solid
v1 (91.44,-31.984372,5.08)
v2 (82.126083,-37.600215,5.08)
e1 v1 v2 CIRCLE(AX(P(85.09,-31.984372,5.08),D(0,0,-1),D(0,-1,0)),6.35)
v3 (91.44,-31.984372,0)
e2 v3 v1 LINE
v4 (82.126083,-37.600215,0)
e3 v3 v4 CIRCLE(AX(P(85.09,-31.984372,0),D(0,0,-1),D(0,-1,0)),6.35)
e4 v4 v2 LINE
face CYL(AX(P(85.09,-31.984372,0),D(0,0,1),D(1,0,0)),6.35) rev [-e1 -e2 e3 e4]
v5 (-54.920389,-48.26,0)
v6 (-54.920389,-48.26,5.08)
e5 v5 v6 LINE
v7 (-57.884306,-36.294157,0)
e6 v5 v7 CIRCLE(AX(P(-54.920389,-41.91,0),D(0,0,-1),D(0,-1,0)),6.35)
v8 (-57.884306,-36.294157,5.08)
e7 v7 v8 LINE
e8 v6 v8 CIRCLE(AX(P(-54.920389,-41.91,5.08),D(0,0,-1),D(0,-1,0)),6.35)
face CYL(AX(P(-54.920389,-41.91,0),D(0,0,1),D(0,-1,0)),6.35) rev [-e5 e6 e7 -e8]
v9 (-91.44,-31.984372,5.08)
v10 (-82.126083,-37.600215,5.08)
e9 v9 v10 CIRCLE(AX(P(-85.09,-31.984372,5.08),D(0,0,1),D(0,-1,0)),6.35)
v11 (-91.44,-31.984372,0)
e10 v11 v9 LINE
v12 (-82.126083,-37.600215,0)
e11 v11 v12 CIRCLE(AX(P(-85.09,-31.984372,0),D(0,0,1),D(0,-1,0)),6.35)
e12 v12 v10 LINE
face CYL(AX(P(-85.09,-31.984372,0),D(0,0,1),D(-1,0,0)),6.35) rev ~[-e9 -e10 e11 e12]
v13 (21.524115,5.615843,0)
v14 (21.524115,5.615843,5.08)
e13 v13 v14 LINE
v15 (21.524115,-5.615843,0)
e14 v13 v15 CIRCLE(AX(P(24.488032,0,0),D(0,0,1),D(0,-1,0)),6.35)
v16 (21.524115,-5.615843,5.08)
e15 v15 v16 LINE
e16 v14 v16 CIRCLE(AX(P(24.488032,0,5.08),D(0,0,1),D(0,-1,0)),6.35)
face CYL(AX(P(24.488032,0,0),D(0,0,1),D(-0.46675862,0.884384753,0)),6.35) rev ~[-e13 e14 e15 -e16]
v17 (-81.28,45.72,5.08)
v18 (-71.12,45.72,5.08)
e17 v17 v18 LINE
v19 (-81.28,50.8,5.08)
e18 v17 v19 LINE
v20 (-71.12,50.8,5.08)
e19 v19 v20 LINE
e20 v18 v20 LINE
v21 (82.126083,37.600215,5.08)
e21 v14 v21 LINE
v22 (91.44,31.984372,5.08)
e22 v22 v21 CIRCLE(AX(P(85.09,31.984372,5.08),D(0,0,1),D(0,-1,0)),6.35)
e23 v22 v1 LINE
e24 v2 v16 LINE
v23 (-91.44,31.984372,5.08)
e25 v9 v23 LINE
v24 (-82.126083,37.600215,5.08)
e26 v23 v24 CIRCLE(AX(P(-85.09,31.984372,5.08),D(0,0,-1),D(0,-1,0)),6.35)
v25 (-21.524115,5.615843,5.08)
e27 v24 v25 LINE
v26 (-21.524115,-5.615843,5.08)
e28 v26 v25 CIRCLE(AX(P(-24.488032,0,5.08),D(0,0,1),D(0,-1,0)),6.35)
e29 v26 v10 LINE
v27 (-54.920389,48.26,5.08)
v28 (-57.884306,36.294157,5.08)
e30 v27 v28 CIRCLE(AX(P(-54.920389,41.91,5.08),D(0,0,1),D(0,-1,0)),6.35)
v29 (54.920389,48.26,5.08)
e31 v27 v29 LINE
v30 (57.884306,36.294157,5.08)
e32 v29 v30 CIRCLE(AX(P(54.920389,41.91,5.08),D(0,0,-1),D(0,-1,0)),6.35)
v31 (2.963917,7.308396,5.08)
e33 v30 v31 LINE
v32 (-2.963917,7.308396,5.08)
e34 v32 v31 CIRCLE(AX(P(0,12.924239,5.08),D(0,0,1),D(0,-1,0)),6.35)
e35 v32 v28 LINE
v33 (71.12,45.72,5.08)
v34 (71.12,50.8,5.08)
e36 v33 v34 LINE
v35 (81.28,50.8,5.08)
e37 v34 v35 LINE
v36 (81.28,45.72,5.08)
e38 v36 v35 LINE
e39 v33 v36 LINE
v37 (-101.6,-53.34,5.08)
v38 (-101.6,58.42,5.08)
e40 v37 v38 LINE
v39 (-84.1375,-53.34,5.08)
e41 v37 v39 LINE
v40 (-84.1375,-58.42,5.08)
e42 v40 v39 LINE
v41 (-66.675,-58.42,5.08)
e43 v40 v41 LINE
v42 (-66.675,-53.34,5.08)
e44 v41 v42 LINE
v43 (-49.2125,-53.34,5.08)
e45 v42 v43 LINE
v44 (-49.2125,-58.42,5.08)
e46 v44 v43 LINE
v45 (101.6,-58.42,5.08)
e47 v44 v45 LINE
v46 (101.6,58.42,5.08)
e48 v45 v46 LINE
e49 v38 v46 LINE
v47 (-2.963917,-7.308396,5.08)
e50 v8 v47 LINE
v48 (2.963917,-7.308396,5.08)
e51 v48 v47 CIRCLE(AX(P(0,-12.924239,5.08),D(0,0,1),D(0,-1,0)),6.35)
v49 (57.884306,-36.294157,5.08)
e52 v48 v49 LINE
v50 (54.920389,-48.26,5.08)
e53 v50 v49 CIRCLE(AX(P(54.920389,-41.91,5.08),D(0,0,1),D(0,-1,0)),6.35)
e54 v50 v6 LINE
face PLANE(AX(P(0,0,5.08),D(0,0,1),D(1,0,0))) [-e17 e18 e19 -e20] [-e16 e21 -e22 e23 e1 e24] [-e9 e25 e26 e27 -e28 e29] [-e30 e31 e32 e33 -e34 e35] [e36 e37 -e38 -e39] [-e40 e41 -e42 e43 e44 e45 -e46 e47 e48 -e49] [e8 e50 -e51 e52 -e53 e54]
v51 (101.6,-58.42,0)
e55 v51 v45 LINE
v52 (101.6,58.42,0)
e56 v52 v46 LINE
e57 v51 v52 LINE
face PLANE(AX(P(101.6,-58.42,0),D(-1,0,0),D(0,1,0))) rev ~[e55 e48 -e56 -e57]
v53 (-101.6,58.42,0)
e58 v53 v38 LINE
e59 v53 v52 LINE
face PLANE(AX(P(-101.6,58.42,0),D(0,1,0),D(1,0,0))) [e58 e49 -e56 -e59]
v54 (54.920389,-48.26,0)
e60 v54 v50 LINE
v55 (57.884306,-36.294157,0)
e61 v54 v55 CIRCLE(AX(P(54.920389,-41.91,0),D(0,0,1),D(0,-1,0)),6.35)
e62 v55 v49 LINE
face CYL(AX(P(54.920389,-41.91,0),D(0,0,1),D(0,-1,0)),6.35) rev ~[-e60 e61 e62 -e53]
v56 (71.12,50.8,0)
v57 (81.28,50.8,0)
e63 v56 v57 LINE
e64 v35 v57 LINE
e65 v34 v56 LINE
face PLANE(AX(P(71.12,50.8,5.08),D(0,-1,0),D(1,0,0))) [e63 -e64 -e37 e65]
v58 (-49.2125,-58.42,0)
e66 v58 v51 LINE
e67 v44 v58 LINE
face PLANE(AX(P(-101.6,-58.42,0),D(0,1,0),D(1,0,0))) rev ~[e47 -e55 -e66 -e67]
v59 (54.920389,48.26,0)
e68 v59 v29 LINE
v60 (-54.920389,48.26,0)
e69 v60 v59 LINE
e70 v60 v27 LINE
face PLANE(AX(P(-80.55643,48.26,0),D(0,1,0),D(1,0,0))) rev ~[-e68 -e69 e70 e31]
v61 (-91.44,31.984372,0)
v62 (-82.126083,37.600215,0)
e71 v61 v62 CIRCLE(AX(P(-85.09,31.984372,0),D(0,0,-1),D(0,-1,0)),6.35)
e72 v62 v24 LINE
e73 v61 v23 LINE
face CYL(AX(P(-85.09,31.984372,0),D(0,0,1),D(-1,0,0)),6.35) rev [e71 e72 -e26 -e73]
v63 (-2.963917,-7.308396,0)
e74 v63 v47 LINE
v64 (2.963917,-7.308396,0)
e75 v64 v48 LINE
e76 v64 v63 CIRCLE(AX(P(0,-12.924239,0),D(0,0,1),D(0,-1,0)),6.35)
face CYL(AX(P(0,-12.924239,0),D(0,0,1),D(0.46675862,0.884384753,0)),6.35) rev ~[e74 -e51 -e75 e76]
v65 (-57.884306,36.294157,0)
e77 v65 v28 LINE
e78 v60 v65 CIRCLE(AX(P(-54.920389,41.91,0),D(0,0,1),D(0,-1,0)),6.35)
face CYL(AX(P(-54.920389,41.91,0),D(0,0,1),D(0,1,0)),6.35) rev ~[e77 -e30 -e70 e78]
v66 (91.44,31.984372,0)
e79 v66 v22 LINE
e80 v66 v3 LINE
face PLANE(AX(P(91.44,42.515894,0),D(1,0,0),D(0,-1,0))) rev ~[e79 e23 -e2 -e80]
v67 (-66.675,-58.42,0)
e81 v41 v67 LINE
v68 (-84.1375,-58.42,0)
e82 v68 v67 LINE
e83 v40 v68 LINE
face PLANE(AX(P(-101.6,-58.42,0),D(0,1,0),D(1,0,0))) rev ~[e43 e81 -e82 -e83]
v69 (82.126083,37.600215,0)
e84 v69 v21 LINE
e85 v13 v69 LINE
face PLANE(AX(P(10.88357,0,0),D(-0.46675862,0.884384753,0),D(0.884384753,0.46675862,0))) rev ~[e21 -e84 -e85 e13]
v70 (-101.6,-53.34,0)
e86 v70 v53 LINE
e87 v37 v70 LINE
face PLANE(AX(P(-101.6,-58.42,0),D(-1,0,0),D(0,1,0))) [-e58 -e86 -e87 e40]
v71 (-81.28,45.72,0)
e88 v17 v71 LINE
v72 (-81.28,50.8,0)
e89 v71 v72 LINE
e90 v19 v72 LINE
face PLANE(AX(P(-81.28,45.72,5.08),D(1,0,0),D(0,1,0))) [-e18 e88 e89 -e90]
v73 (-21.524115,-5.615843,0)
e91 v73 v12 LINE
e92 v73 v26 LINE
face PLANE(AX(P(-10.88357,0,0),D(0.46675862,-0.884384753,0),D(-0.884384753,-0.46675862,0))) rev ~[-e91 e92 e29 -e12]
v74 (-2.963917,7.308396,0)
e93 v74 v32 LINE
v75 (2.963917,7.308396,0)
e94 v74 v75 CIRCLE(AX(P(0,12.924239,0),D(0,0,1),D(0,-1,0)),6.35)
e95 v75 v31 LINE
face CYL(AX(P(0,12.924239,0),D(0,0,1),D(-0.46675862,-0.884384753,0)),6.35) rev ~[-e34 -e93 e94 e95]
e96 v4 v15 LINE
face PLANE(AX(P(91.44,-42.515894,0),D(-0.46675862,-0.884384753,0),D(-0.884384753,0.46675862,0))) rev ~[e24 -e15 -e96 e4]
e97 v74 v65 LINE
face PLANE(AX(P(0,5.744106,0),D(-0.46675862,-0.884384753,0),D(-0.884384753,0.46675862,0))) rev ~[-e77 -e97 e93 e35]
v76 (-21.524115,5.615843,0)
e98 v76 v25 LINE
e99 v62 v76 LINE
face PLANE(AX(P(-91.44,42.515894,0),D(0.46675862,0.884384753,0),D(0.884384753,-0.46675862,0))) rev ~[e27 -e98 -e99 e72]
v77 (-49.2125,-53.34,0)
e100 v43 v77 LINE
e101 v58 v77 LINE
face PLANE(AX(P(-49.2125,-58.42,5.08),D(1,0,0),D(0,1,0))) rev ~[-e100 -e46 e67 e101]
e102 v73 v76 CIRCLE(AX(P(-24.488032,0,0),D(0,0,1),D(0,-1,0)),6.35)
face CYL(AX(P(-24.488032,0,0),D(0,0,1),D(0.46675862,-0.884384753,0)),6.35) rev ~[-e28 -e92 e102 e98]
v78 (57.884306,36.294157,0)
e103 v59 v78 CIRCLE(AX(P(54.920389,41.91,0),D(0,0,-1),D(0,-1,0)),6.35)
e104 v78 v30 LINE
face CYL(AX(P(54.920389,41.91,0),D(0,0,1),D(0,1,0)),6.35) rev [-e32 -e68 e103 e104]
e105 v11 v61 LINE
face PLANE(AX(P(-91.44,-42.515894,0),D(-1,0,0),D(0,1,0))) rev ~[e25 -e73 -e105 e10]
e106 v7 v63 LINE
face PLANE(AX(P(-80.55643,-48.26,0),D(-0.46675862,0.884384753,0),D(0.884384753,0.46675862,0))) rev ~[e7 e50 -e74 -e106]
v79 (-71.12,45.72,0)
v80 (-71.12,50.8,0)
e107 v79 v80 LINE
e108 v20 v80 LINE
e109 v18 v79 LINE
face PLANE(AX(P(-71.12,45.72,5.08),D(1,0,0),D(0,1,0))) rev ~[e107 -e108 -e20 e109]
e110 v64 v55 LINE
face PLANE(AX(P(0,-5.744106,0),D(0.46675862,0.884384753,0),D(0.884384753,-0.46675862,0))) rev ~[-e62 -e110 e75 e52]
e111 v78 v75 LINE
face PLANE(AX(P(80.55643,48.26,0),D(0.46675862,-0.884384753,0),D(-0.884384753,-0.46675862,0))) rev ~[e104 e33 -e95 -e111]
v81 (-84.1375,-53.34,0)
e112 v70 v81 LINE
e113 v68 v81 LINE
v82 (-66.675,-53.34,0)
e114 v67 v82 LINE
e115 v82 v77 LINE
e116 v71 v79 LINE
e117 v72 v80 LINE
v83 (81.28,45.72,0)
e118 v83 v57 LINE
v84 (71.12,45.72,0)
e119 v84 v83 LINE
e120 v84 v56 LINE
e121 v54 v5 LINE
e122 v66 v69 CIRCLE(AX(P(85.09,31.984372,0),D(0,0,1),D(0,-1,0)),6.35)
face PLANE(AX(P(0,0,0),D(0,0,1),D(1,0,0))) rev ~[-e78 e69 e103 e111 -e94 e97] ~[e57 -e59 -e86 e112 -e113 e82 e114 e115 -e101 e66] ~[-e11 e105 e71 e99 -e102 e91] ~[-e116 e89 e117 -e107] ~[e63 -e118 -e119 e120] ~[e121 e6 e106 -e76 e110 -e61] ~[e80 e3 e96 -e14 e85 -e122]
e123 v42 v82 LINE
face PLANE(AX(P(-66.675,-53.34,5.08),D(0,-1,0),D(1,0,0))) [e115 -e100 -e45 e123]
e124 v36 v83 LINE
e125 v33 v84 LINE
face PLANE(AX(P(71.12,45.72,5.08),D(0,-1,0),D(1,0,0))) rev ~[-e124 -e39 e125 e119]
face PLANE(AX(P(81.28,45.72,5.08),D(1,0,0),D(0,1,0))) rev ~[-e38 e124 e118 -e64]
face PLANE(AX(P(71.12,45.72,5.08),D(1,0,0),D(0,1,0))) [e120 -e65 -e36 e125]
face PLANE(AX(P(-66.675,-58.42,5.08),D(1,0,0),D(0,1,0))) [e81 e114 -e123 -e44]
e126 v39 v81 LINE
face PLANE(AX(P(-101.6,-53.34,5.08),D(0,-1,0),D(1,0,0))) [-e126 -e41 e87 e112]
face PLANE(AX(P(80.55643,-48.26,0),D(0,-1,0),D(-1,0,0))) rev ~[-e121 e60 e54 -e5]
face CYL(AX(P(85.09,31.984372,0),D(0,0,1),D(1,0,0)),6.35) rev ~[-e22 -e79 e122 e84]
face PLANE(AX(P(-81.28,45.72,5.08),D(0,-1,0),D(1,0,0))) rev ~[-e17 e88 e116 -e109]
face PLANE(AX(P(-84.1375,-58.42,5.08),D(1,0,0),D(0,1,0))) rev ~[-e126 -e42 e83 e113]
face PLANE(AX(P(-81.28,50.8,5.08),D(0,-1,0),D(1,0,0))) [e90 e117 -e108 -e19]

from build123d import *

# Parameters (mm, degrees)
SKETCH1_W               = 203.2
SKETCH1_H               = 116.84
BOSS_EXTRUDE1_DEPTH     = 5.08
FILLET1_R               = 6.35
SKETCH2_W               = 10.16
SKETCH2_H               = 5.08
CUT_EXTRUDE1_DEPTH      = 1
CUT_EXTRUDE1_DEPTH_BACK = 6.08
SKETCH3_W               = 17.4625
SKETCH3_H               = 5.08
CUT_EXTRUDE2_DEPTH      = 10.16


with BuildPart() as part:
    # Sketch1 → Boss-Extrude1 (new body)
    with BuildSketch(Plane.XY):
        Rectangle(SKETCH1_W, SKETCH1_H)
        Polygon((80.556430234, 48.26), (0, 5.744106266), (-80.556430234, 48.26), align=None, mode=Mode.SUBTRACT)
        Polygon((-91.44, 42.515893734), (-10.883569766, 0), (-91.44, -42.515893734), align=None, mode=Mode.SUBTRACT)
        Polygon((-80.556430234, -48.26), (0, -5.744106266), (80.556430234, -48.26), align=None, mode=Mode.SUBTRACT)
        Polygon((91.44, -42.515893734), (10.883569766, 0), (91.44, 42.515893734), align=None, mode=Mode.SUBTRACT)
    extrude(amount=BOSS_EXTRUDE1_DEPTH)

    # Fillet1
    fillet1_edges = [part.edges().sort_by_distance(p)[0] for p in [
        (-91.44, 42.515893734, 2.54),
        (-91.44, -42.515893734, 2.54),
        (-10.883569766, 0, 2.54),
        (-80.556430234, -48.26, 2.54),
        (80.556430234, -48.26, 2.54),
        (0, -5.744106266, 2.54),
        (80.556430234, 48.26, 2.54),
        (-80.556430234, 48.26, 2.54),
        (0, 5.744106266, 2.54),
        (91.44, -42.515893734, 2.54),
        (91.44, 42.515893734, 2.54),
        (10.883569766, 0, 2.54),
    ]]
    fillet(fillet1_edges, radius=FILLET1_R)

    # Sketch2 → Cut-Extrude1 (cut, two sides)
    with BuildSketch(Plane.XY.offset(5.08)) as cut_extrude1_sk:
        with Locations((-76.2, 48.26)):
            Rectangle(SKETCH2_W, SKETCH2_H)
        with Locations((76.2, 48.26)):
            Rectangle(SKETCH2_W, SKETCH2_H)
    extrude(amount=CUT_EXTRUDE1_DEPTH, mode=Mode.SUBTRACT)
    extrude(cut_extrude1_sk.sketch, amount=-CUT_EXTRUDE1_DEPTH_BACK, mode=Mode.SUBTRACT)

    # Sketch3 → Cut-Extrude2 (cut)
    with BuildSketch(Plane.XY.offset(5.08)):
        with Locations((-92.86875, -55.88)):
            Rectangle(SKETCH3_W, SKETCH3_H)
        with Locations((-57.94375, -55.88)):
            Rectangle(SKETCH3_W, SKETCH3_H)
    extrude(amount=-CUT_EXTRUDE2_DEPTH, mode=Mode.SUBTRACT)


solid = part.part
